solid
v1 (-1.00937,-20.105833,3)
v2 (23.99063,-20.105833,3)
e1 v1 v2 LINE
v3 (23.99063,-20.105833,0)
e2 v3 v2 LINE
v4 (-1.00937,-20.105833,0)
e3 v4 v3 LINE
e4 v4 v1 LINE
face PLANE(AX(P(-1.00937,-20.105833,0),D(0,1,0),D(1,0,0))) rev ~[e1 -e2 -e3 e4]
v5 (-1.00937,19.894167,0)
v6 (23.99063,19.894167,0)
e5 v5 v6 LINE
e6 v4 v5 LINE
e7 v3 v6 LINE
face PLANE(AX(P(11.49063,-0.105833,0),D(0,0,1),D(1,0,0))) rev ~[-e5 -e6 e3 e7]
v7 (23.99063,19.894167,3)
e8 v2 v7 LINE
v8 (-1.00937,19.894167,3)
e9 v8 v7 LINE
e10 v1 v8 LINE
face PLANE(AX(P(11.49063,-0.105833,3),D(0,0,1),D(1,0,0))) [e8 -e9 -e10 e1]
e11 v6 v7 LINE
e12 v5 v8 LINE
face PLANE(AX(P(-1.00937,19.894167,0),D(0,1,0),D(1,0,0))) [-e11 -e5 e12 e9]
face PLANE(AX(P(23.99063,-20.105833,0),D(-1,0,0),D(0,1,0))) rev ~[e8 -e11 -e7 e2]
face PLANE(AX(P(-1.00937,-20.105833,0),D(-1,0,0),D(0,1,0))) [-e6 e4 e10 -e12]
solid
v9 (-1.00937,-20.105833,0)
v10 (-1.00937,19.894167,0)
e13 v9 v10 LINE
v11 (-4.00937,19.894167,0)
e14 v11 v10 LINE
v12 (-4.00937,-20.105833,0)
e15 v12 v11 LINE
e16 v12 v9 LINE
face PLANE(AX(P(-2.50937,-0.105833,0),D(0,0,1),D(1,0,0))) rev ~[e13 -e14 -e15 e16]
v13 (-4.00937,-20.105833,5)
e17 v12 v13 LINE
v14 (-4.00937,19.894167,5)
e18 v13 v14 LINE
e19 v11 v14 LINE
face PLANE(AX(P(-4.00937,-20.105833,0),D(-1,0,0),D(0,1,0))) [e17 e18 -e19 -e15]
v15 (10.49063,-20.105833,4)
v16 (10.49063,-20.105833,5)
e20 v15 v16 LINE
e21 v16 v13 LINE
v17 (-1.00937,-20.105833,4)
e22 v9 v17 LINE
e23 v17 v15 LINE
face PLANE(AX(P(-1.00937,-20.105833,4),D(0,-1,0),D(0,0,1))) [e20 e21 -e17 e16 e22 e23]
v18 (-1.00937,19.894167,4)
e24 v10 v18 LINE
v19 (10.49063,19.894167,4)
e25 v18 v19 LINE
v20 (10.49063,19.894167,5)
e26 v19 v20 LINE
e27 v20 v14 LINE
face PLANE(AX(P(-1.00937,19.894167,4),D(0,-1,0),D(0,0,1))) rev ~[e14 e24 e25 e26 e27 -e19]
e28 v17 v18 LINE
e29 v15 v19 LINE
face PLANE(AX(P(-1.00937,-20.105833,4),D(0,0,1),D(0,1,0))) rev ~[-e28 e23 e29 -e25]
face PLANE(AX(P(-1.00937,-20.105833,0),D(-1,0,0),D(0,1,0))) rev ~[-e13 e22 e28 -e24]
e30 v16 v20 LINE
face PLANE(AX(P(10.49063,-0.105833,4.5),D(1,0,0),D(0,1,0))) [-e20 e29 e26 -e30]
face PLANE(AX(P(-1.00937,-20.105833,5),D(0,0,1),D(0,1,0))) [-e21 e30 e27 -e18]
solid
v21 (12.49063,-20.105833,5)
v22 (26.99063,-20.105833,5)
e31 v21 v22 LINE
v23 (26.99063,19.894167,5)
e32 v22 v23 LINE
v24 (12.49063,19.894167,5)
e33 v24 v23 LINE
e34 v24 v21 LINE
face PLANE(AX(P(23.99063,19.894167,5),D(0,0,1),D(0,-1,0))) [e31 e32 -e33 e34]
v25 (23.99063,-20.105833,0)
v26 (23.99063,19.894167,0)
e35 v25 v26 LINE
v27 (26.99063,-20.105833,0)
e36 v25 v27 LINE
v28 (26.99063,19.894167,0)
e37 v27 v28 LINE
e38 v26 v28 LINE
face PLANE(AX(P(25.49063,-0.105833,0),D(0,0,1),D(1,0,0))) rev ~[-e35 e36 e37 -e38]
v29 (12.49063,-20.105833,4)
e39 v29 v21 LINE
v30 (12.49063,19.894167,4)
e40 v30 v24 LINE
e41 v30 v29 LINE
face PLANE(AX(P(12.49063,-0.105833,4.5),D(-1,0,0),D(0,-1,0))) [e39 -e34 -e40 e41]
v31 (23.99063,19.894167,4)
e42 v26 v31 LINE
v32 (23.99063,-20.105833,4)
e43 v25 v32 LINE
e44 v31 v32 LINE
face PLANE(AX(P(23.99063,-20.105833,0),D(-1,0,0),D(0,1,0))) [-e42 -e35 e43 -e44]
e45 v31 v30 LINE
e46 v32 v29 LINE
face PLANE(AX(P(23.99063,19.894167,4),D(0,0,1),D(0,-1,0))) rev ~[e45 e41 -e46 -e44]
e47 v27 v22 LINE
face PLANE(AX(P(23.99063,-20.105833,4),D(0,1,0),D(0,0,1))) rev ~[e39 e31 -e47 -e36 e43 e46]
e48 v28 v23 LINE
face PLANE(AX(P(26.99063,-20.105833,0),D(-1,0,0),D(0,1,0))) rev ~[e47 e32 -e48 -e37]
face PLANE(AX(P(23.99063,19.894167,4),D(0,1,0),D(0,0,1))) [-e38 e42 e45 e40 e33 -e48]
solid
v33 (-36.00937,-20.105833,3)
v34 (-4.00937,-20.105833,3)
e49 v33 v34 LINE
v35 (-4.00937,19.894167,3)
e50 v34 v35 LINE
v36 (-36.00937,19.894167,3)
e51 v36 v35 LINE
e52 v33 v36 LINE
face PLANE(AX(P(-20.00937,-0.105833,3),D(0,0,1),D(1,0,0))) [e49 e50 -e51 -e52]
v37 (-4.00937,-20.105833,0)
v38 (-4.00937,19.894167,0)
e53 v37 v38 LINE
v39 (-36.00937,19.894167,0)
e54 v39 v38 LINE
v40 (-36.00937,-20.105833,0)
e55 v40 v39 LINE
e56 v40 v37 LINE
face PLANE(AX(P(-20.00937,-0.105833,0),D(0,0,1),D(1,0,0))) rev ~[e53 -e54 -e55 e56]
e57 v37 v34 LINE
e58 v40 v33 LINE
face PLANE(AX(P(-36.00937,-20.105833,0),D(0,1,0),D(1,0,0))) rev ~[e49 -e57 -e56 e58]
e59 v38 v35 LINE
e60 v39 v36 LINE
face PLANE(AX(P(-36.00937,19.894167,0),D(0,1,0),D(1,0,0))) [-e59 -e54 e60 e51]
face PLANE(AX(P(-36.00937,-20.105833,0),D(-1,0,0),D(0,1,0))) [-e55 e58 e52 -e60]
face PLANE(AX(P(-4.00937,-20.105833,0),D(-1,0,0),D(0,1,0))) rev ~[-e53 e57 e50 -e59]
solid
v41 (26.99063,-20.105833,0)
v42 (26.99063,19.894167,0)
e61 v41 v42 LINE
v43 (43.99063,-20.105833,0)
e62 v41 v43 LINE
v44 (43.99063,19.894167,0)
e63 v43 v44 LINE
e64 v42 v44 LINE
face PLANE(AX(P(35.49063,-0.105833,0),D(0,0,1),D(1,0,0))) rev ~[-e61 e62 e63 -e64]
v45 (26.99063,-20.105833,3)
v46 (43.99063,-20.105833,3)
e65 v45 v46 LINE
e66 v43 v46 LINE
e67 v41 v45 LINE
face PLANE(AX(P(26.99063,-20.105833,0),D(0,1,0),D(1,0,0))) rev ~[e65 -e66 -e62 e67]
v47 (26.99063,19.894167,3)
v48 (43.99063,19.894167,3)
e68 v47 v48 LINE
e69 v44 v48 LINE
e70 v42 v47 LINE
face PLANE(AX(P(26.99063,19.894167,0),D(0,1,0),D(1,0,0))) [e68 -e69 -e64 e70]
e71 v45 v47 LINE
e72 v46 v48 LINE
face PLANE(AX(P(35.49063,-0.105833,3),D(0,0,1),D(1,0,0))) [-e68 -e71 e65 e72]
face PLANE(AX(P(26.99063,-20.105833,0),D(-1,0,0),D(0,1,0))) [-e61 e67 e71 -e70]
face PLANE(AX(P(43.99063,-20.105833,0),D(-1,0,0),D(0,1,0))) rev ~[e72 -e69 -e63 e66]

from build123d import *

# Parameters (mm, degrees)
F0_W     = 32
F0_H     = 40
F0_W_2   = 25
F0_W_3   = 17
F1_DEPTH = 3
F0_W_4   = 3
F2_DEPTH = 5
F3_W     = 40
F3_H     = 1
F4_DEPTH = 11.5
F5_W     = 40
F5_H     = 1
F6_DEPTH = 11.5


with BuildPart() as f1:
    # F0 (on Top) → F1 (new body)
    with BuildSketch(Plane.XY):
        with Locations((-20.00937, -0.105833)):
            Rectangle(F0_W, F0_H)
        with Locations((11.49063, -0.105833)):
            Rectangle(F0_W_2, F0_H)
        with Locations((35.49063, -0.105833)):
            Rectangle(F0_W_3, F0_H)
    extrude(amount=F1_DEPTH)


with BuildPart() as f2:
    # F0 (on Top) → F2 (new body)
    with BuildSketch(Plane.XY):
        with Locations((-2.50937, -0.105833)):
            Rectangle(F0_W_4, F0_H)
        with Locations((25.49063, -0.105833)):
            Rectangle(F0_W_4, F0_H)
    extrude(amount=F2_DEPTH)

    # F3 (on face) → F4 (join)
    with BuildSketch(Plane.YZ.offset(-1.00937)):
        with Locations((-0.105833, 4.5)):
            Rectangle(F3_W, F3_H)
    extrude(amount=F4_DEPTH)

    # F5 (on face) → F6 (join)
    with BuildSketch(Plane(origin=(23.99063, 0, 0), x_dir=(0, -1, 0), z_dir=(-1, 0, 0))):
        with Locations((0.105833, 4.5)):
            Rectangle(F5_W, F5_H)
    extrude(amount=F6_DEPTH)


solid = Compound([f1.part, f2.part])
